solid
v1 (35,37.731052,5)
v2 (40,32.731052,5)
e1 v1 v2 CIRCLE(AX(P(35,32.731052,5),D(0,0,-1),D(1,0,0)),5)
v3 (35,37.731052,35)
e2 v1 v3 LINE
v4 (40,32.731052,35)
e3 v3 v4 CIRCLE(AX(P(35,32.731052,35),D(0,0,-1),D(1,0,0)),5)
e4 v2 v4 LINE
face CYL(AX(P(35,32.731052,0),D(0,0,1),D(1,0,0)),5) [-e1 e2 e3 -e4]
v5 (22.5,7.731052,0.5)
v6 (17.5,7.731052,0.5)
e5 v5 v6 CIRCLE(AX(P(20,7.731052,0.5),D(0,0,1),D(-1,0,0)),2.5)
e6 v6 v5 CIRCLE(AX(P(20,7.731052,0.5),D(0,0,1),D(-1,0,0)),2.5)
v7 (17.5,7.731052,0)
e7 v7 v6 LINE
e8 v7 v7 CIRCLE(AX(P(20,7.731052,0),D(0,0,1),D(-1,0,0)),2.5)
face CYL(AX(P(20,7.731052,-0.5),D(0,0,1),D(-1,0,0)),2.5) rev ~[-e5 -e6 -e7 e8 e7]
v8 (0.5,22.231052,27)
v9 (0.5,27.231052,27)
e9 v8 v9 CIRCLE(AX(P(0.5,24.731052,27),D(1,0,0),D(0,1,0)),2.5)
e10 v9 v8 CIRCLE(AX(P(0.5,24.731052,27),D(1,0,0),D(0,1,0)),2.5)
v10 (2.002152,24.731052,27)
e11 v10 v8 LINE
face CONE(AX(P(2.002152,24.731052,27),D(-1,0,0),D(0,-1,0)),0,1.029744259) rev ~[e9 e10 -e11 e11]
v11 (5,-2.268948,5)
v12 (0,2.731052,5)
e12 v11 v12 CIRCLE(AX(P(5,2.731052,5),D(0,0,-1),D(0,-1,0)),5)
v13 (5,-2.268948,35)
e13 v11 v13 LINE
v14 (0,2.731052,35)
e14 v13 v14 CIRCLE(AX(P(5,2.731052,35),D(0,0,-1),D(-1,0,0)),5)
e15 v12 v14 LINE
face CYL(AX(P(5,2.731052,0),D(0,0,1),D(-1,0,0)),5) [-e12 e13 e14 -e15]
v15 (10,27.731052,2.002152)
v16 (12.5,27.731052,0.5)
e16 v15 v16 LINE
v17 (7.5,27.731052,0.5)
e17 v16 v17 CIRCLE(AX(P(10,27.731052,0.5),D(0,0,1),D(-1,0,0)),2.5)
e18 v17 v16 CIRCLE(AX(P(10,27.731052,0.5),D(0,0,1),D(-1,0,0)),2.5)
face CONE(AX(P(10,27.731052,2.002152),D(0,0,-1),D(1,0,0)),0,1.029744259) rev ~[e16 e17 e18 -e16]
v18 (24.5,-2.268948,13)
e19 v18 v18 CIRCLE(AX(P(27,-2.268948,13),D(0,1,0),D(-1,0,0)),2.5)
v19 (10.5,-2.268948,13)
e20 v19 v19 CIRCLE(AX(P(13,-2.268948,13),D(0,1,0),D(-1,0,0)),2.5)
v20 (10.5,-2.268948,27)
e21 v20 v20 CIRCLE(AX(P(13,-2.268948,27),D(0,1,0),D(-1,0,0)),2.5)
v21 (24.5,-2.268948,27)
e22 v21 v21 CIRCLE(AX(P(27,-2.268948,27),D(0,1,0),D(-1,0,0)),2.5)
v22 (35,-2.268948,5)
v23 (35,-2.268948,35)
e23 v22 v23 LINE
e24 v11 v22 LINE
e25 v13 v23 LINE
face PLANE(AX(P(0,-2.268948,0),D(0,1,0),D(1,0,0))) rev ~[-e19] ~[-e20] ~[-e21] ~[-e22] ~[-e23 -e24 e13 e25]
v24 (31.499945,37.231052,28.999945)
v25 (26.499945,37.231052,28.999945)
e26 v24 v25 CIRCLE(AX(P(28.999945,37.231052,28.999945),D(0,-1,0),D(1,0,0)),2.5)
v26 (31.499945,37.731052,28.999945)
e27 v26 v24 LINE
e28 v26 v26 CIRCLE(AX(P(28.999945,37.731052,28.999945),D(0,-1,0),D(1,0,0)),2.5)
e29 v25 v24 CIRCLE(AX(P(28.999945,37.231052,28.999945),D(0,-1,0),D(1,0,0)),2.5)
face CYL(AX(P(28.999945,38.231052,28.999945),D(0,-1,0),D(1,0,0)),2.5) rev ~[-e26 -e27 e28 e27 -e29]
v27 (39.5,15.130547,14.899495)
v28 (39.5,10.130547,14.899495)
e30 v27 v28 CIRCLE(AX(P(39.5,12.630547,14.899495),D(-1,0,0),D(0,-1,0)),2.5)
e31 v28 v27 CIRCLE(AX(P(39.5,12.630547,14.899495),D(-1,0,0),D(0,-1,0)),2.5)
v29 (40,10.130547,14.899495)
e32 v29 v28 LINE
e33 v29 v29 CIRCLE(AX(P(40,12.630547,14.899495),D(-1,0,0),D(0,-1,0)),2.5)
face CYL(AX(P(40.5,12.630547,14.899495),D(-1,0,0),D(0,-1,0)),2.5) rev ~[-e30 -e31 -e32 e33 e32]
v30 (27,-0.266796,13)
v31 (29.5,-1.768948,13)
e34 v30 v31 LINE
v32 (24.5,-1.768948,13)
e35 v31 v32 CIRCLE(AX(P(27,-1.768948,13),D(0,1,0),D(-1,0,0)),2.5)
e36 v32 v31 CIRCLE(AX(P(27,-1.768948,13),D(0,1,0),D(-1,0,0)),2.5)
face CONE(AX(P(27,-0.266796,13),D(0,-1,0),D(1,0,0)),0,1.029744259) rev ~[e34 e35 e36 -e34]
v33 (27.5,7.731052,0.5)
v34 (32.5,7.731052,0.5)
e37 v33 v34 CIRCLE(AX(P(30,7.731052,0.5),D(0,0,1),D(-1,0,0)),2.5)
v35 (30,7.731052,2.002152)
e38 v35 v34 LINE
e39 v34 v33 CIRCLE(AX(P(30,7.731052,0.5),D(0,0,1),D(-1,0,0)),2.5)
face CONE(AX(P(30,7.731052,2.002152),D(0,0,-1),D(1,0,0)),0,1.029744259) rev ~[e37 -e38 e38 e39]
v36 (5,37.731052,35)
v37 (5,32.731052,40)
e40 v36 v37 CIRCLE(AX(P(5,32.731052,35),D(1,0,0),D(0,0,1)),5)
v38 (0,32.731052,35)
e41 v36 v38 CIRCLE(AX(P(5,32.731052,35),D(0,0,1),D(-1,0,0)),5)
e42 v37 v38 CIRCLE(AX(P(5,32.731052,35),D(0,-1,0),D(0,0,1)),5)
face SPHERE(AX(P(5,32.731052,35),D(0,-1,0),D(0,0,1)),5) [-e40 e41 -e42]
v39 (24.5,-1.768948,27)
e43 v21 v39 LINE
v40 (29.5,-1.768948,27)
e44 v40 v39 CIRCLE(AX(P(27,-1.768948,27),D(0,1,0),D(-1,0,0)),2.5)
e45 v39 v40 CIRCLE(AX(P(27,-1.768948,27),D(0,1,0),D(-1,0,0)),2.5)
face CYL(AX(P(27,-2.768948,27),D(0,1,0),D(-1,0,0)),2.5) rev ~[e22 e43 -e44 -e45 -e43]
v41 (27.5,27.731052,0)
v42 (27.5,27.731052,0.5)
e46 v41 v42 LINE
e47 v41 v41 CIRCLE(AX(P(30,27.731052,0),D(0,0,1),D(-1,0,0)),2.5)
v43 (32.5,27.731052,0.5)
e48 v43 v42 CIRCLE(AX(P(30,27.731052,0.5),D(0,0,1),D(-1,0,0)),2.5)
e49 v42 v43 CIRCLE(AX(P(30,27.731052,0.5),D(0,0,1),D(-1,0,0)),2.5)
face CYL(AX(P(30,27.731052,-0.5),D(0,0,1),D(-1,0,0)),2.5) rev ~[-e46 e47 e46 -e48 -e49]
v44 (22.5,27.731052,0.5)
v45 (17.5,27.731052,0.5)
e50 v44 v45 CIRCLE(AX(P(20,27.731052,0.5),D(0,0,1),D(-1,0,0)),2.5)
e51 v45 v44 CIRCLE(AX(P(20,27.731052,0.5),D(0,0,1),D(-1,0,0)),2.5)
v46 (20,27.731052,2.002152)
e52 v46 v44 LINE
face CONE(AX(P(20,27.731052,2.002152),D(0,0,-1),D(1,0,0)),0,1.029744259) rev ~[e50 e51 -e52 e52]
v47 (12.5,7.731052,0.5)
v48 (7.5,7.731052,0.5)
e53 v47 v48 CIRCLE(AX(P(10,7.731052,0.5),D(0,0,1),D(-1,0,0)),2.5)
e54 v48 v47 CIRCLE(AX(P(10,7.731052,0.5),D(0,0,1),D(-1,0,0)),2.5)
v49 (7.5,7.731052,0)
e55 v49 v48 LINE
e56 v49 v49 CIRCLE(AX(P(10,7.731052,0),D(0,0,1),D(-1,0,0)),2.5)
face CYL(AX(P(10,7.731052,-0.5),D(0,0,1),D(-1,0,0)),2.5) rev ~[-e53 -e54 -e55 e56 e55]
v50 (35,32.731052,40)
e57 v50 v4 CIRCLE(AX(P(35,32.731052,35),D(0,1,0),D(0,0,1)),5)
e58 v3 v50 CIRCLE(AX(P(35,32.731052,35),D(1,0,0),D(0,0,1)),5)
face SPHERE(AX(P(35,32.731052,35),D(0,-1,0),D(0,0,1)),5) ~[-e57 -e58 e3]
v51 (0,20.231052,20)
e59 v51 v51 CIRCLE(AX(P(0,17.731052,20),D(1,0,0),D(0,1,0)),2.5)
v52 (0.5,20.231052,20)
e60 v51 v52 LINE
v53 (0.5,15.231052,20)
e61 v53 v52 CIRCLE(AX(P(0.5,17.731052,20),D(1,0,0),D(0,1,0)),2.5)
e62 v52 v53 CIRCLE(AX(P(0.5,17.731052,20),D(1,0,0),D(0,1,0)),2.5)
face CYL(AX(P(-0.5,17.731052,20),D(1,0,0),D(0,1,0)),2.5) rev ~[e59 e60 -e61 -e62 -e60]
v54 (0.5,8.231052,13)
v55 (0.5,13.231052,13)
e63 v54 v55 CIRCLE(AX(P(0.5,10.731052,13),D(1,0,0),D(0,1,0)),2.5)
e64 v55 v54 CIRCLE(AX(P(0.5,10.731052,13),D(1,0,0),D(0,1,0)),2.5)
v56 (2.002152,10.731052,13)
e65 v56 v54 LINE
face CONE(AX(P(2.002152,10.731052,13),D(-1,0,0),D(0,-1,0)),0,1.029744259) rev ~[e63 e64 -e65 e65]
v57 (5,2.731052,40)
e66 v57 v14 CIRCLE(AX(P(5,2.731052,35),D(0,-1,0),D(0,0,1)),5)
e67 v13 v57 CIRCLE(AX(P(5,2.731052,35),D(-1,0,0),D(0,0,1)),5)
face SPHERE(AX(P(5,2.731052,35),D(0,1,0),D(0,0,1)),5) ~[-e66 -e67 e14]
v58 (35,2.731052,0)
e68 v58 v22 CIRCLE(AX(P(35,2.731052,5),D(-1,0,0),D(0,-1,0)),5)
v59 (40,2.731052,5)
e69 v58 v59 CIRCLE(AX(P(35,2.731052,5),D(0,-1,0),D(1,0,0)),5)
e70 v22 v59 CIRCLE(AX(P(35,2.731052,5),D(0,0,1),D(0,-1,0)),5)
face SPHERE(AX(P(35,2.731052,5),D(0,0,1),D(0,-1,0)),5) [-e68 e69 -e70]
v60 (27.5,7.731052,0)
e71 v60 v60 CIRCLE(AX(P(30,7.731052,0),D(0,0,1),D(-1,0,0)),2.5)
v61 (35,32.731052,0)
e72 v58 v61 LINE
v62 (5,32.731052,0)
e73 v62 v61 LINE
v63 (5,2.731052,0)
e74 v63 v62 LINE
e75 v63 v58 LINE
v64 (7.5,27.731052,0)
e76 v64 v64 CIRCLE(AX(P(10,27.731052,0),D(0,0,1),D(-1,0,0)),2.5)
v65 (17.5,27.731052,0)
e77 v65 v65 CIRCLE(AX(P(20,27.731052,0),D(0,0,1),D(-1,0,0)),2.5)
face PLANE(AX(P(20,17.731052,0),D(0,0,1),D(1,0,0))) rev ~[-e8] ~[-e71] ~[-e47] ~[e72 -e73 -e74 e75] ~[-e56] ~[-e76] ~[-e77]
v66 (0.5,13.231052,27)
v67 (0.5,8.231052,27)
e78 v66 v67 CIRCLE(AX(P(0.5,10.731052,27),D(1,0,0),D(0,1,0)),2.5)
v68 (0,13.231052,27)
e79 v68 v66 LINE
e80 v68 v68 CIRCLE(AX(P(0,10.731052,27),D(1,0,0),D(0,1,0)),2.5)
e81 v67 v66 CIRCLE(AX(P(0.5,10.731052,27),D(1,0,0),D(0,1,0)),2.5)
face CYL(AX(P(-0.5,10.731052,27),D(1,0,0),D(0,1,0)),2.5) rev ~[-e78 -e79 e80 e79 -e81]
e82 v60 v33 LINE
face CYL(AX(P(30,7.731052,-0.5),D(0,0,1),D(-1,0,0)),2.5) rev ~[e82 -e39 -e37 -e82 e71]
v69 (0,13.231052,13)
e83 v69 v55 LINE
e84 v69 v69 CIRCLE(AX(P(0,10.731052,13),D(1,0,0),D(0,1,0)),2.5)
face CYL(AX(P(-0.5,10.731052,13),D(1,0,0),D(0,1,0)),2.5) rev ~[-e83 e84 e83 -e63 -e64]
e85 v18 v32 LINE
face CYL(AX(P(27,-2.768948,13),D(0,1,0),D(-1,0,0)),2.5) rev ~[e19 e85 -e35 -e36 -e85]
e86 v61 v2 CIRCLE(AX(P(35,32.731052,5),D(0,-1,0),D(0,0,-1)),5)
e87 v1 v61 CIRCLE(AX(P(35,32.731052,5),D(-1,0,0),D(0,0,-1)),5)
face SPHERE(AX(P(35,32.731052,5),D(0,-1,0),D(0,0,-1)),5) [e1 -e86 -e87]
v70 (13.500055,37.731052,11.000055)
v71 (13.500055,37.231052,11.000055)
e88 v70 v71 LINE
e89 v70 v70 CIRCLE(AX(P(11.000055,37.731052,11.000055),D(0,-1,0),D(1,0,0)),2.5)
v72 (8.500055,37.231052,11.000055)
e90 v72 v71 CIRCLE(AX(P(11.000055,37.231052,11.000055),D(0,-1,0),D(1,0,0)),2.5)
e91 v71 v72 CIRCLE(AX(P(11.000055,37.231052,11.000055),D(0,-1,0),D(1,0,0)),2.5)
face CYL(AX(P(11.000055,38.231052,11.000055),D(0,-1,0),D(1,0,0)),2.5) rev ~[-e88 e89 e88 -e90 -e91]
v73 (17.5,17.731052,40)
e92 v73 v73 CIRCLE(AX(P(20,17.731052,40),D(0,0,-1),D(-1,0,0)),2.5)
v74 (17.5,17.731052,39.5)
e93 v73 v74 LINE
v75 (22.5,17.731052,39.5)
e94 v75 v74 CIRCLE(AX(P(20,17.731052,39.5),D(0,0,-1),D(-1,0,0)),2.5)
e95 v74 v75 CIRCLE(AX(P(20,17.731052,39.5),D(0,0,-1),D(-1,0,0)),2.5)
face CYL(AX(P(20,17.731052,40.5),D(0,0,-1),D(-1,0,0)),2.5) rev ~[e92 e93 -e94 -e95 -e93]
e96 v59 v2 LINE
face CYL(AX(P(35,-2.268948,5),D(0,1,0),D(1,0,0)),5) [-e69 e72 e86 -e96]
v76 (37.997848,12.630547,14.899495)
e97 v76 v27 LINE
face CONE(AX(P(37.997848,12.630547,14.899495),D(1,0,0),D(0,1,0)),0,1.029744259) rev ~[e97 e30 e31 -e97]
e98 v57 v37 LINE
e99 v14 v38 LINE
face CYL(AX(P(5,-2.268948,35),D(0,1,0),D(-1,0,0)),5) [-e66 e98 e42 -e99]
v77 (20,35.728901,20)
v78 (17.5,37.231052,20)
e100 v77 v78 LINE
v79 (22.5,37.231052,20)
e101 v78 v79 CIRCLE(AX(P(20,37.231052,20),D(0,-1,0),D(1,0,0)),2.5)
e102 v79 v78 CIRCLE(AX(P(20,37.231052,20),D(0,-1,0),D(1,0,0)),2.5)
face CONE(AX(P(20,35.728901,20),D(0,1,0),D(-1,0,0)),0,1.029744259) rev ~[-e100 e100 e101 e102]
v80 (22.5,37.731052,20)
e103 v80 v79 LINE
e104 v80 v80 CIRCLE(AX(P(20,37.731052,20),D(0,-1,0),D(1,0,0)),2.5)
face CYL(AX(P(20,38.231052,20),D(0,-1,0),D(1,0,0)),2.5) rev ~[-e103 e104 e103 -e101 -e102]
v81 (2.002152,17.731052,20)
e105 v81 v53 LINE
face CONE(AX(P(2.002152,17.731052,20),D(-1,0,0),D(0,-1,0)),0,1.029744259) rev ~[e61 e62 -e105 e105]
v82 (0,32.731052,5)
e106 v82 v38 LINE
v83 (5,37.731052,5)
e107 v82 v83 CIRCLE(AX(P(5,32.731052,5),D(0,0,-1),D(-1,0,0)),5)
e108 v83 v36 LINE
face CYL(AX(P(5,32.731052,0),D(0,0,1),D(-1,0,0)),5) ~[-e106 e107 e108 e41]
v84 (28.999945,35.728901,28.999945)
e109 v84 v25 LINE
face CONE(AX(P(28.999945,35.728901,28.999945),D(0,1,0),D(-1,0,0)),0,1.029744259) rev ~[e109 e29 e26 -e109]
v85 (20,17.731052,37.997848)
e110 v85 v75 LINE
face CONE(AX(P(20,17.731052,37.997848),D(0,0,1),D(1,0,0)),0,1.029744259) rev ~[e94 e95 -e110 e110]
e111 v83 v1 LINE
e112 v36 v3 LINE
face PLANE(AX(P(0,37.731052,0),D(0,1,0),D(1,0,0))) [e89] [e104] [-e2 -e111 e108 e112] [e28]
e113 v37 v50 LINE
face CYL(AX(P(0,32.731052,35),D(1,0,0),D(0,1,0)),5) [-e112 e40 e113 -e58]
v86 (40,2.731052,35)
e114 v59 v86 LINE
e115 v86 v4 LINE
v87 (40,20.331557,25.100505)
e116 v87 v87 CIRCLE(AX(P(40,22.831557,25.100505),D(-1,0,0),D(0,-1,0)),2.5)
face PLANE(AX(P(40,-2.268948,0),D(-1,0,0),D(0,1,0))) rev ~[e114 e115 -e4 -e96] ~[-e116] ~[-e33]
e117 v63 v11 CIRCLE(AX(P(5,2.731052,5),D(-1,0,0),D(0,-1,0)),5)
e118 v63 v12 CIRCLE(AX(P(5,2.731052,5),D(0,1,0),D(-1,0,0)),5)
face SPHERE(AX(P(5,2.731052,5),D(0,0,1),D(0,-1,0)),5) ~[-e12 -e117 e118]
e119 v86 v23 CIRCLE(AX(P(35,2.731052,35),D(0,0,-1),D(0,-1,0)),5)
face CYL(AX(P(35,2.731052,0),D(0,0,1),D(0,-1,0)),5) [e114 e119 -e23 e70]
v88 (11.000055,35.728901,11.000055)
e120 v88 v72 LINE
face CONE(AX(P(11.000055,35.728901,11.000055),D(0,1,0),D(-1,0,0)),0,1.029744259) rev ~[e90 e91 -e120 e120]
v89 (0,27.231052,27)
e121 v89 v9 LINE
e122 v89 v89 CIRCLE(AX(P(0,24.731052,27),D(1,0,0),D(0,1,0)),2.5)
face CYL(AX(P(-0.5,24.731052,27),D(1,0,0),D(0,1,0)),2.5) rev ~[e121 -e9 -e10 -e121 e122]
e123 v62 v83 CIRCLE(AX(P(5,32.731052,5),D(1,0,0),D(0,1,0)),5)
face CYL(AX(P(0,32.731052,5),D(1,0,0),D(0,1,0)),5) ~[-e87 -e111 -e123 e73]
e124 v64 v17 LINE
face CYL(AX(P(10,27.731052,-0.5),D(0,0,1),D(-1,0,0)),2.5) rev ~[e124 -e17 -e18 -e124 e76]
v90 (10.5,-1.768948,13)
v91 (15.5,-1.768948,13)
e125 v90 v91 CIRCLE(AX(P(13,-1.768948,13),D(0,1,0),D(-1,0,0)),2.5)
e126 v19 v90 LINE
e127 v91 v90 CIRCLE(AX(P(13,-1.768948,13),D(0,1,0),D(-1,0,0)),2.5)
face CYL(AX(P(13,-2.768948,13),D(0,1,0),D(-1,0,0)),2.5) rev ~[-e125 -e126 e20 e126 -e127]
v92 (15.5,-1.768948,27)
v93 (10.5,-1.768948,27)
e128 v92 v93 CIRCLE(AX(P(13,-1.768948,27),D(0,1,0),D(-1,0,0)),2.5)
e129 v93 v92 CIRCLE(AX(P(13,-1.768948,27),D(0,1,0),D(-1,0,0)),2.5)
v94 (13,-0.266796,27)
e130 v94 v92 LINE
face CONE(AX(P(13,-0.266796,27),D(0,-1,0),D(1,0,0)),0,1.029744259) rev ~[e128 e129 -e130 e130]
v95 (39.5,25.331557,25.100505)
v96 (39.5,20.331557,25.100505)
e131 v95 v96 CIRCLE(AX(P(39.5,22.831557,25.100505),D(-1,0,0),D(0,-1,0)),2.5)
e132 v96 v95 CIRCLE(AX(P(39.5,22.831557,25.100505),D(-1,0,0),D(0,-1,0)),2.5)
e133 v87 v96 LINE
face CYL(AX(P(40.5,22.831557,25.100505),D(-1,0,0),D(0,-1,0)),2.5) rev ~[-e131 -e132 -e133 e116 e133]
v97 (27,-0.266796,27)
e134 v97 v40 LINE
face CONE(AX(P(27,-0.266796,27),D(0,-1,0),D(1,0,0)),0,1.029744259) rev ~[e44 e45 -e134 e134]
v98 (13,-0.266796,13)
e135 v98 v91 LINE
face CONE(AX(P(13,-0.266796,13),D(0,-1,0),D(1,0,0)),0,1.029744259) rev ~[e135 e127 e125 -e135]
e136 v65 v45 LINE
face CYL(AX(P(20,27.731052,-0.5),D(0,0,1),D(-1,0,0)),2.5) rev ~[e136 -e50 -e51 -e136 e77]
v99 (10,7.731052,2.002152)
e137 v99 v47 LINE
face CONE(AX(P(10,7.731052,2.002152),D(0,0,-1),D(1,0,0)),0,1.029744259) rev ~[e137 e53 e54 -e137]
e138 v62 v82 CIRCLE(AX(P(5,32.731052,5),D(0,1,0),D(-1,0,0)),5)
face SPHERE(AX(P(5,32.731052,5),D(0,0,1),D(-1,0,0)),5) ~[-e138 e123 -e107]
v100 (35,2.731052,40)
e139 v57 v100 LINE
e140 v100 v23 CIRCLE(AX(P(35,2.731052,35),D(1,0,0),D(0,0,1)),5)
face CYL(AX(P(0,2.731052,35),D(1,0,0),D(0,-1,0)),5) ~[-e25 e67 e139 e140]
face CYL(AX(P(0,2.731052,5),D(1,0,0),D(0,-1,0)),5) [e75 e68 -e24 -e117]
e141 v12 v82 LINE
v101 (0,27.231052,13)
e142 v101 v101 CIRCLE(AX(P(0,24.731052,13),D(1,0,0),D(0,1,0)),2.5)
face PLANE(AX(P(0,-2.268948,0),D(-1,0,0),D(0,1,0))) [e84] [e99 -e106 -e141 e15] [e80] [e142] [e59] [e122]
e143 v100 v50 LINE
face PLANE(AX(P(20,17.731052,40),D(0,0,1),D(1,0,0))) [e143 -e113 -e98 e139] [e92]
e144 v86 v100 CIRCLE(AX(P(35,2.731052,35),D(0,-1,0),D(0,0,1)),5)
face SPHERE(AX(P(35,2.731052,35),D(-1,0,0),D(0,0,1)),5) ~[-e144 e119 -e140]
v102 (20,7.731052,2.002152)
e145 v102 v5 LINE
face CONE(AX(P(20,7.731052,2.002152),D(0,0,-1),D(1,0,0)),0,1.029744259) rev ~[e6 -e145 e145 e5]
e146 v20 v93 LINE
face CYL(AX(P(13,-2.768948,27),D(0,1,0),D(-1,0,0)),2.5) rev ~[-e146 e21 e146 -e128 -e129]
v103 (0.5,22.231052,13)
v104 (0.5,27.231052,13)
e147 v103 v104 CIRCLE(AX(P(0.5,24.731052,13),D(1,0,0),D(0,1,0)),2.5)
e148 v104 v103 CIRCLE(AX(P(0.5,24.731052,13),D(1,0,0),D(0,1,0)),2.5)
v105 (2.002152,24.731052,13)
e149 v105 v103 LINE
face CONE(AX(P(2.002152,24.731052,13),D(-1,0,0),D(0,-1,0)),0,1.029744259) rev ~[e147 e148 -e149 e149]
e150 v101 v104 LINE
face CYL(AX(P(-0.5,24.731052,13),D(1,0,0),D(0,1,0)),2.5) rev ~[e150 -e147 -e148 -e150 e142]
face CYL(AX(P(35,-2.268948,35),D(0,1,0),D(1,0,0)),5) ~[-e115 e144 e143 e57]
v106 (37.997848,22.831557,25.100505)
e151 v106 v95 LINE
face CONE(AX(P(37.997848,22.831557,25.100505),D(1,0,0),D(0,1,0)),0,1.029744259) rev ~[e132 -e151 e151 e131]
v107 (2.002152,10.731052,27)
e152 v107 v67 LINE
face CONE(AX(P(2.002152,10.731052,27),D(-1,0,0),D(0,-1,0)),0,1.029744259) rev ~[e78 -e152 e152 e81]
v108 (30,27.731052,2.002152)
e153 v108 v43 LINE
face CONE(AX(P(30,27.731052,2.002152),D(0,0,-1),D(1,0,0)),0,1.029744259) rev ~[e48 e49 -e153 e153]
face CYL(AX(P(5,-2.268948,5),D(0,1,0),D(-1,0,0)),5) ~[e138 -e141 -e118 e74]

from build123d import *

# Parameters (mm, degrees)
F0_W      = 40
F0_H      = 40
F1_DEPTH  = 40
F2_R      = 5
F4_D      = 5
F4_DEPTH  = 0.5
F4_TIP    = 1.5021515476
F6_D      = 5
F6_DEPTH  = 0.5
F6_TIP    = 1.5021515476
F8_D      = 5
F8_DEPTH  = 0.5
F8_TIP    = 1.5021515476
F10_D     = 5
F10_DEPTH = 0.5
F10_TIP   = 1.5021515476
F12_D     = 5
F12_DEPTH = 0.5
F12_TIP   = 1.5021515476
F14_D     = 5
F14_DEPTH = 0.5
F14_TIP   = 1.5021515476


with BuildPart() as f1:
    # F0 (on Top) → F1 (new body)
    with BuildSketch(Plane.XY):
        with Locations((20, 17.7310523391)):
            Rectangle(F0_W, F0_H)
    extrude(amount=F1_DEPTH)

    # F2
    f2_edges = [f1.edges().sort_by_distance(p)[0] for p in [
        (0, 17.731052, 40),
        (20, -2.268948, 40),
        (40, 17.731052, 40),
        (20, 37.731052, 40),
        (0, -2.268948, 20),
        (40, -2.268948, 20),
        (0, 37.731052, 20),
        (20, -2.268948, 0),
        (0, 17.731052, 0),
        (40, 17.731052, 0),
        (20, 37.731052, 0),
        (40, 37.731052, 20),
    ]]
    fillet(f2_edges, radius=F2_R)

    # F4
    with Locations(Plane.XY.offset(40)):
        with Locations((20, 17.7310523391)):
            Hole(F4_D / 2, depth=F4_DEPTH)
            with Locations((0, 0, -(F4_DEPTH + F4_TIP / 2))):  # 118° drill point
                Cone(0, F4_D / 2, F4_TIP, mode=Mode.SUBTRACT)

    # F6
    with Locations(Plane(origin=(0, 0, 0), x_dir=(1, 0, 0), z_dir=(0, 0, -1))):
        with Locations((30, -27.7310523391), (20, -27.7310523391), (10, -27.7310523391), (10, -7.7310523391), (20, -7.7310523391), (30, -7.7310523391)):
            Hole(F6_D / 2, depth=F6_DEPTH)
            with Locations((0, 0, -(F6_DEPTH + F6_TIP / 2))):  # 118° drill point
                Cone(0, F6_D / 2, F6_TIP, mode=Mode.SUBTRACT)

    # F8
    with Locations(Plane(origin=(0, 37.7310523391, 0), x_dir=(-1, 0, 0), z_dir=(0, 1, 0))):
        with Locations((-11.0000551109, 11.0000551109), (-20, 20), (-28.9999448891, 28.9999448891)):
            Hole(F8_D / 2, depth=F8_DEPTH)
            with Locations((0, 0, -(F8_DEPTH + F8_TIP / 2))):  # 118° drill point
                Cone(0, F8_D / 2, F8_TIP, mode=Mode.SUBTRACT)

    # F10
    with Locations(Plane.XZ.offset(2.2689476609)):
        with Locations((13, 27), (27, 27), (27, 13), (13, 13)):
            Hole(F10_D / 2, depth=F10_DEPTH)
            with Locations((0, 0, -(F10_DEPTH + F10_TIP / 2))):  # 118° drill point
                Cone(0, F10_D / 2, F10_TIP, mode=Mode.SUBTRACT)

    # F12
    with Locations(Plane(origin=(0, 0, 0), x_dir=(0, -1, 0), z_dir=(-1, 0, 0))):
        with Locations((-24.7310523391, 27), (-10.7310523391, 27), (-10.7310523391, 13), (-24.7310523391, 13), (-17.7310523391, 20)):
            Hole(F12_D / 2, depth=F12_DEPTH)
            with Locations((0, 0, -(F12_DEPTH + F12_TIP / 2))):  # 118° drill point
                Cone(0, F12_D / 2, F12_TIP, mode=Mode.SUBTRACT)

    # F14
    with Locations(Plane.YZ.offset(40)):
        with Locations((22.8315574025, 25.1005050634), (12.6305472757, 14.8994949366)):
            Hole(F14_D / 2, depth=F14_DEPTH)
            with Locations((0, 0, -(F14_DEPTH + F14_TIP / 2))):  # 118° drill point
                Cone(0, F14_D / 2, F14_TIP, mode=Mode.SUBTRACT)


solid = f1.part
